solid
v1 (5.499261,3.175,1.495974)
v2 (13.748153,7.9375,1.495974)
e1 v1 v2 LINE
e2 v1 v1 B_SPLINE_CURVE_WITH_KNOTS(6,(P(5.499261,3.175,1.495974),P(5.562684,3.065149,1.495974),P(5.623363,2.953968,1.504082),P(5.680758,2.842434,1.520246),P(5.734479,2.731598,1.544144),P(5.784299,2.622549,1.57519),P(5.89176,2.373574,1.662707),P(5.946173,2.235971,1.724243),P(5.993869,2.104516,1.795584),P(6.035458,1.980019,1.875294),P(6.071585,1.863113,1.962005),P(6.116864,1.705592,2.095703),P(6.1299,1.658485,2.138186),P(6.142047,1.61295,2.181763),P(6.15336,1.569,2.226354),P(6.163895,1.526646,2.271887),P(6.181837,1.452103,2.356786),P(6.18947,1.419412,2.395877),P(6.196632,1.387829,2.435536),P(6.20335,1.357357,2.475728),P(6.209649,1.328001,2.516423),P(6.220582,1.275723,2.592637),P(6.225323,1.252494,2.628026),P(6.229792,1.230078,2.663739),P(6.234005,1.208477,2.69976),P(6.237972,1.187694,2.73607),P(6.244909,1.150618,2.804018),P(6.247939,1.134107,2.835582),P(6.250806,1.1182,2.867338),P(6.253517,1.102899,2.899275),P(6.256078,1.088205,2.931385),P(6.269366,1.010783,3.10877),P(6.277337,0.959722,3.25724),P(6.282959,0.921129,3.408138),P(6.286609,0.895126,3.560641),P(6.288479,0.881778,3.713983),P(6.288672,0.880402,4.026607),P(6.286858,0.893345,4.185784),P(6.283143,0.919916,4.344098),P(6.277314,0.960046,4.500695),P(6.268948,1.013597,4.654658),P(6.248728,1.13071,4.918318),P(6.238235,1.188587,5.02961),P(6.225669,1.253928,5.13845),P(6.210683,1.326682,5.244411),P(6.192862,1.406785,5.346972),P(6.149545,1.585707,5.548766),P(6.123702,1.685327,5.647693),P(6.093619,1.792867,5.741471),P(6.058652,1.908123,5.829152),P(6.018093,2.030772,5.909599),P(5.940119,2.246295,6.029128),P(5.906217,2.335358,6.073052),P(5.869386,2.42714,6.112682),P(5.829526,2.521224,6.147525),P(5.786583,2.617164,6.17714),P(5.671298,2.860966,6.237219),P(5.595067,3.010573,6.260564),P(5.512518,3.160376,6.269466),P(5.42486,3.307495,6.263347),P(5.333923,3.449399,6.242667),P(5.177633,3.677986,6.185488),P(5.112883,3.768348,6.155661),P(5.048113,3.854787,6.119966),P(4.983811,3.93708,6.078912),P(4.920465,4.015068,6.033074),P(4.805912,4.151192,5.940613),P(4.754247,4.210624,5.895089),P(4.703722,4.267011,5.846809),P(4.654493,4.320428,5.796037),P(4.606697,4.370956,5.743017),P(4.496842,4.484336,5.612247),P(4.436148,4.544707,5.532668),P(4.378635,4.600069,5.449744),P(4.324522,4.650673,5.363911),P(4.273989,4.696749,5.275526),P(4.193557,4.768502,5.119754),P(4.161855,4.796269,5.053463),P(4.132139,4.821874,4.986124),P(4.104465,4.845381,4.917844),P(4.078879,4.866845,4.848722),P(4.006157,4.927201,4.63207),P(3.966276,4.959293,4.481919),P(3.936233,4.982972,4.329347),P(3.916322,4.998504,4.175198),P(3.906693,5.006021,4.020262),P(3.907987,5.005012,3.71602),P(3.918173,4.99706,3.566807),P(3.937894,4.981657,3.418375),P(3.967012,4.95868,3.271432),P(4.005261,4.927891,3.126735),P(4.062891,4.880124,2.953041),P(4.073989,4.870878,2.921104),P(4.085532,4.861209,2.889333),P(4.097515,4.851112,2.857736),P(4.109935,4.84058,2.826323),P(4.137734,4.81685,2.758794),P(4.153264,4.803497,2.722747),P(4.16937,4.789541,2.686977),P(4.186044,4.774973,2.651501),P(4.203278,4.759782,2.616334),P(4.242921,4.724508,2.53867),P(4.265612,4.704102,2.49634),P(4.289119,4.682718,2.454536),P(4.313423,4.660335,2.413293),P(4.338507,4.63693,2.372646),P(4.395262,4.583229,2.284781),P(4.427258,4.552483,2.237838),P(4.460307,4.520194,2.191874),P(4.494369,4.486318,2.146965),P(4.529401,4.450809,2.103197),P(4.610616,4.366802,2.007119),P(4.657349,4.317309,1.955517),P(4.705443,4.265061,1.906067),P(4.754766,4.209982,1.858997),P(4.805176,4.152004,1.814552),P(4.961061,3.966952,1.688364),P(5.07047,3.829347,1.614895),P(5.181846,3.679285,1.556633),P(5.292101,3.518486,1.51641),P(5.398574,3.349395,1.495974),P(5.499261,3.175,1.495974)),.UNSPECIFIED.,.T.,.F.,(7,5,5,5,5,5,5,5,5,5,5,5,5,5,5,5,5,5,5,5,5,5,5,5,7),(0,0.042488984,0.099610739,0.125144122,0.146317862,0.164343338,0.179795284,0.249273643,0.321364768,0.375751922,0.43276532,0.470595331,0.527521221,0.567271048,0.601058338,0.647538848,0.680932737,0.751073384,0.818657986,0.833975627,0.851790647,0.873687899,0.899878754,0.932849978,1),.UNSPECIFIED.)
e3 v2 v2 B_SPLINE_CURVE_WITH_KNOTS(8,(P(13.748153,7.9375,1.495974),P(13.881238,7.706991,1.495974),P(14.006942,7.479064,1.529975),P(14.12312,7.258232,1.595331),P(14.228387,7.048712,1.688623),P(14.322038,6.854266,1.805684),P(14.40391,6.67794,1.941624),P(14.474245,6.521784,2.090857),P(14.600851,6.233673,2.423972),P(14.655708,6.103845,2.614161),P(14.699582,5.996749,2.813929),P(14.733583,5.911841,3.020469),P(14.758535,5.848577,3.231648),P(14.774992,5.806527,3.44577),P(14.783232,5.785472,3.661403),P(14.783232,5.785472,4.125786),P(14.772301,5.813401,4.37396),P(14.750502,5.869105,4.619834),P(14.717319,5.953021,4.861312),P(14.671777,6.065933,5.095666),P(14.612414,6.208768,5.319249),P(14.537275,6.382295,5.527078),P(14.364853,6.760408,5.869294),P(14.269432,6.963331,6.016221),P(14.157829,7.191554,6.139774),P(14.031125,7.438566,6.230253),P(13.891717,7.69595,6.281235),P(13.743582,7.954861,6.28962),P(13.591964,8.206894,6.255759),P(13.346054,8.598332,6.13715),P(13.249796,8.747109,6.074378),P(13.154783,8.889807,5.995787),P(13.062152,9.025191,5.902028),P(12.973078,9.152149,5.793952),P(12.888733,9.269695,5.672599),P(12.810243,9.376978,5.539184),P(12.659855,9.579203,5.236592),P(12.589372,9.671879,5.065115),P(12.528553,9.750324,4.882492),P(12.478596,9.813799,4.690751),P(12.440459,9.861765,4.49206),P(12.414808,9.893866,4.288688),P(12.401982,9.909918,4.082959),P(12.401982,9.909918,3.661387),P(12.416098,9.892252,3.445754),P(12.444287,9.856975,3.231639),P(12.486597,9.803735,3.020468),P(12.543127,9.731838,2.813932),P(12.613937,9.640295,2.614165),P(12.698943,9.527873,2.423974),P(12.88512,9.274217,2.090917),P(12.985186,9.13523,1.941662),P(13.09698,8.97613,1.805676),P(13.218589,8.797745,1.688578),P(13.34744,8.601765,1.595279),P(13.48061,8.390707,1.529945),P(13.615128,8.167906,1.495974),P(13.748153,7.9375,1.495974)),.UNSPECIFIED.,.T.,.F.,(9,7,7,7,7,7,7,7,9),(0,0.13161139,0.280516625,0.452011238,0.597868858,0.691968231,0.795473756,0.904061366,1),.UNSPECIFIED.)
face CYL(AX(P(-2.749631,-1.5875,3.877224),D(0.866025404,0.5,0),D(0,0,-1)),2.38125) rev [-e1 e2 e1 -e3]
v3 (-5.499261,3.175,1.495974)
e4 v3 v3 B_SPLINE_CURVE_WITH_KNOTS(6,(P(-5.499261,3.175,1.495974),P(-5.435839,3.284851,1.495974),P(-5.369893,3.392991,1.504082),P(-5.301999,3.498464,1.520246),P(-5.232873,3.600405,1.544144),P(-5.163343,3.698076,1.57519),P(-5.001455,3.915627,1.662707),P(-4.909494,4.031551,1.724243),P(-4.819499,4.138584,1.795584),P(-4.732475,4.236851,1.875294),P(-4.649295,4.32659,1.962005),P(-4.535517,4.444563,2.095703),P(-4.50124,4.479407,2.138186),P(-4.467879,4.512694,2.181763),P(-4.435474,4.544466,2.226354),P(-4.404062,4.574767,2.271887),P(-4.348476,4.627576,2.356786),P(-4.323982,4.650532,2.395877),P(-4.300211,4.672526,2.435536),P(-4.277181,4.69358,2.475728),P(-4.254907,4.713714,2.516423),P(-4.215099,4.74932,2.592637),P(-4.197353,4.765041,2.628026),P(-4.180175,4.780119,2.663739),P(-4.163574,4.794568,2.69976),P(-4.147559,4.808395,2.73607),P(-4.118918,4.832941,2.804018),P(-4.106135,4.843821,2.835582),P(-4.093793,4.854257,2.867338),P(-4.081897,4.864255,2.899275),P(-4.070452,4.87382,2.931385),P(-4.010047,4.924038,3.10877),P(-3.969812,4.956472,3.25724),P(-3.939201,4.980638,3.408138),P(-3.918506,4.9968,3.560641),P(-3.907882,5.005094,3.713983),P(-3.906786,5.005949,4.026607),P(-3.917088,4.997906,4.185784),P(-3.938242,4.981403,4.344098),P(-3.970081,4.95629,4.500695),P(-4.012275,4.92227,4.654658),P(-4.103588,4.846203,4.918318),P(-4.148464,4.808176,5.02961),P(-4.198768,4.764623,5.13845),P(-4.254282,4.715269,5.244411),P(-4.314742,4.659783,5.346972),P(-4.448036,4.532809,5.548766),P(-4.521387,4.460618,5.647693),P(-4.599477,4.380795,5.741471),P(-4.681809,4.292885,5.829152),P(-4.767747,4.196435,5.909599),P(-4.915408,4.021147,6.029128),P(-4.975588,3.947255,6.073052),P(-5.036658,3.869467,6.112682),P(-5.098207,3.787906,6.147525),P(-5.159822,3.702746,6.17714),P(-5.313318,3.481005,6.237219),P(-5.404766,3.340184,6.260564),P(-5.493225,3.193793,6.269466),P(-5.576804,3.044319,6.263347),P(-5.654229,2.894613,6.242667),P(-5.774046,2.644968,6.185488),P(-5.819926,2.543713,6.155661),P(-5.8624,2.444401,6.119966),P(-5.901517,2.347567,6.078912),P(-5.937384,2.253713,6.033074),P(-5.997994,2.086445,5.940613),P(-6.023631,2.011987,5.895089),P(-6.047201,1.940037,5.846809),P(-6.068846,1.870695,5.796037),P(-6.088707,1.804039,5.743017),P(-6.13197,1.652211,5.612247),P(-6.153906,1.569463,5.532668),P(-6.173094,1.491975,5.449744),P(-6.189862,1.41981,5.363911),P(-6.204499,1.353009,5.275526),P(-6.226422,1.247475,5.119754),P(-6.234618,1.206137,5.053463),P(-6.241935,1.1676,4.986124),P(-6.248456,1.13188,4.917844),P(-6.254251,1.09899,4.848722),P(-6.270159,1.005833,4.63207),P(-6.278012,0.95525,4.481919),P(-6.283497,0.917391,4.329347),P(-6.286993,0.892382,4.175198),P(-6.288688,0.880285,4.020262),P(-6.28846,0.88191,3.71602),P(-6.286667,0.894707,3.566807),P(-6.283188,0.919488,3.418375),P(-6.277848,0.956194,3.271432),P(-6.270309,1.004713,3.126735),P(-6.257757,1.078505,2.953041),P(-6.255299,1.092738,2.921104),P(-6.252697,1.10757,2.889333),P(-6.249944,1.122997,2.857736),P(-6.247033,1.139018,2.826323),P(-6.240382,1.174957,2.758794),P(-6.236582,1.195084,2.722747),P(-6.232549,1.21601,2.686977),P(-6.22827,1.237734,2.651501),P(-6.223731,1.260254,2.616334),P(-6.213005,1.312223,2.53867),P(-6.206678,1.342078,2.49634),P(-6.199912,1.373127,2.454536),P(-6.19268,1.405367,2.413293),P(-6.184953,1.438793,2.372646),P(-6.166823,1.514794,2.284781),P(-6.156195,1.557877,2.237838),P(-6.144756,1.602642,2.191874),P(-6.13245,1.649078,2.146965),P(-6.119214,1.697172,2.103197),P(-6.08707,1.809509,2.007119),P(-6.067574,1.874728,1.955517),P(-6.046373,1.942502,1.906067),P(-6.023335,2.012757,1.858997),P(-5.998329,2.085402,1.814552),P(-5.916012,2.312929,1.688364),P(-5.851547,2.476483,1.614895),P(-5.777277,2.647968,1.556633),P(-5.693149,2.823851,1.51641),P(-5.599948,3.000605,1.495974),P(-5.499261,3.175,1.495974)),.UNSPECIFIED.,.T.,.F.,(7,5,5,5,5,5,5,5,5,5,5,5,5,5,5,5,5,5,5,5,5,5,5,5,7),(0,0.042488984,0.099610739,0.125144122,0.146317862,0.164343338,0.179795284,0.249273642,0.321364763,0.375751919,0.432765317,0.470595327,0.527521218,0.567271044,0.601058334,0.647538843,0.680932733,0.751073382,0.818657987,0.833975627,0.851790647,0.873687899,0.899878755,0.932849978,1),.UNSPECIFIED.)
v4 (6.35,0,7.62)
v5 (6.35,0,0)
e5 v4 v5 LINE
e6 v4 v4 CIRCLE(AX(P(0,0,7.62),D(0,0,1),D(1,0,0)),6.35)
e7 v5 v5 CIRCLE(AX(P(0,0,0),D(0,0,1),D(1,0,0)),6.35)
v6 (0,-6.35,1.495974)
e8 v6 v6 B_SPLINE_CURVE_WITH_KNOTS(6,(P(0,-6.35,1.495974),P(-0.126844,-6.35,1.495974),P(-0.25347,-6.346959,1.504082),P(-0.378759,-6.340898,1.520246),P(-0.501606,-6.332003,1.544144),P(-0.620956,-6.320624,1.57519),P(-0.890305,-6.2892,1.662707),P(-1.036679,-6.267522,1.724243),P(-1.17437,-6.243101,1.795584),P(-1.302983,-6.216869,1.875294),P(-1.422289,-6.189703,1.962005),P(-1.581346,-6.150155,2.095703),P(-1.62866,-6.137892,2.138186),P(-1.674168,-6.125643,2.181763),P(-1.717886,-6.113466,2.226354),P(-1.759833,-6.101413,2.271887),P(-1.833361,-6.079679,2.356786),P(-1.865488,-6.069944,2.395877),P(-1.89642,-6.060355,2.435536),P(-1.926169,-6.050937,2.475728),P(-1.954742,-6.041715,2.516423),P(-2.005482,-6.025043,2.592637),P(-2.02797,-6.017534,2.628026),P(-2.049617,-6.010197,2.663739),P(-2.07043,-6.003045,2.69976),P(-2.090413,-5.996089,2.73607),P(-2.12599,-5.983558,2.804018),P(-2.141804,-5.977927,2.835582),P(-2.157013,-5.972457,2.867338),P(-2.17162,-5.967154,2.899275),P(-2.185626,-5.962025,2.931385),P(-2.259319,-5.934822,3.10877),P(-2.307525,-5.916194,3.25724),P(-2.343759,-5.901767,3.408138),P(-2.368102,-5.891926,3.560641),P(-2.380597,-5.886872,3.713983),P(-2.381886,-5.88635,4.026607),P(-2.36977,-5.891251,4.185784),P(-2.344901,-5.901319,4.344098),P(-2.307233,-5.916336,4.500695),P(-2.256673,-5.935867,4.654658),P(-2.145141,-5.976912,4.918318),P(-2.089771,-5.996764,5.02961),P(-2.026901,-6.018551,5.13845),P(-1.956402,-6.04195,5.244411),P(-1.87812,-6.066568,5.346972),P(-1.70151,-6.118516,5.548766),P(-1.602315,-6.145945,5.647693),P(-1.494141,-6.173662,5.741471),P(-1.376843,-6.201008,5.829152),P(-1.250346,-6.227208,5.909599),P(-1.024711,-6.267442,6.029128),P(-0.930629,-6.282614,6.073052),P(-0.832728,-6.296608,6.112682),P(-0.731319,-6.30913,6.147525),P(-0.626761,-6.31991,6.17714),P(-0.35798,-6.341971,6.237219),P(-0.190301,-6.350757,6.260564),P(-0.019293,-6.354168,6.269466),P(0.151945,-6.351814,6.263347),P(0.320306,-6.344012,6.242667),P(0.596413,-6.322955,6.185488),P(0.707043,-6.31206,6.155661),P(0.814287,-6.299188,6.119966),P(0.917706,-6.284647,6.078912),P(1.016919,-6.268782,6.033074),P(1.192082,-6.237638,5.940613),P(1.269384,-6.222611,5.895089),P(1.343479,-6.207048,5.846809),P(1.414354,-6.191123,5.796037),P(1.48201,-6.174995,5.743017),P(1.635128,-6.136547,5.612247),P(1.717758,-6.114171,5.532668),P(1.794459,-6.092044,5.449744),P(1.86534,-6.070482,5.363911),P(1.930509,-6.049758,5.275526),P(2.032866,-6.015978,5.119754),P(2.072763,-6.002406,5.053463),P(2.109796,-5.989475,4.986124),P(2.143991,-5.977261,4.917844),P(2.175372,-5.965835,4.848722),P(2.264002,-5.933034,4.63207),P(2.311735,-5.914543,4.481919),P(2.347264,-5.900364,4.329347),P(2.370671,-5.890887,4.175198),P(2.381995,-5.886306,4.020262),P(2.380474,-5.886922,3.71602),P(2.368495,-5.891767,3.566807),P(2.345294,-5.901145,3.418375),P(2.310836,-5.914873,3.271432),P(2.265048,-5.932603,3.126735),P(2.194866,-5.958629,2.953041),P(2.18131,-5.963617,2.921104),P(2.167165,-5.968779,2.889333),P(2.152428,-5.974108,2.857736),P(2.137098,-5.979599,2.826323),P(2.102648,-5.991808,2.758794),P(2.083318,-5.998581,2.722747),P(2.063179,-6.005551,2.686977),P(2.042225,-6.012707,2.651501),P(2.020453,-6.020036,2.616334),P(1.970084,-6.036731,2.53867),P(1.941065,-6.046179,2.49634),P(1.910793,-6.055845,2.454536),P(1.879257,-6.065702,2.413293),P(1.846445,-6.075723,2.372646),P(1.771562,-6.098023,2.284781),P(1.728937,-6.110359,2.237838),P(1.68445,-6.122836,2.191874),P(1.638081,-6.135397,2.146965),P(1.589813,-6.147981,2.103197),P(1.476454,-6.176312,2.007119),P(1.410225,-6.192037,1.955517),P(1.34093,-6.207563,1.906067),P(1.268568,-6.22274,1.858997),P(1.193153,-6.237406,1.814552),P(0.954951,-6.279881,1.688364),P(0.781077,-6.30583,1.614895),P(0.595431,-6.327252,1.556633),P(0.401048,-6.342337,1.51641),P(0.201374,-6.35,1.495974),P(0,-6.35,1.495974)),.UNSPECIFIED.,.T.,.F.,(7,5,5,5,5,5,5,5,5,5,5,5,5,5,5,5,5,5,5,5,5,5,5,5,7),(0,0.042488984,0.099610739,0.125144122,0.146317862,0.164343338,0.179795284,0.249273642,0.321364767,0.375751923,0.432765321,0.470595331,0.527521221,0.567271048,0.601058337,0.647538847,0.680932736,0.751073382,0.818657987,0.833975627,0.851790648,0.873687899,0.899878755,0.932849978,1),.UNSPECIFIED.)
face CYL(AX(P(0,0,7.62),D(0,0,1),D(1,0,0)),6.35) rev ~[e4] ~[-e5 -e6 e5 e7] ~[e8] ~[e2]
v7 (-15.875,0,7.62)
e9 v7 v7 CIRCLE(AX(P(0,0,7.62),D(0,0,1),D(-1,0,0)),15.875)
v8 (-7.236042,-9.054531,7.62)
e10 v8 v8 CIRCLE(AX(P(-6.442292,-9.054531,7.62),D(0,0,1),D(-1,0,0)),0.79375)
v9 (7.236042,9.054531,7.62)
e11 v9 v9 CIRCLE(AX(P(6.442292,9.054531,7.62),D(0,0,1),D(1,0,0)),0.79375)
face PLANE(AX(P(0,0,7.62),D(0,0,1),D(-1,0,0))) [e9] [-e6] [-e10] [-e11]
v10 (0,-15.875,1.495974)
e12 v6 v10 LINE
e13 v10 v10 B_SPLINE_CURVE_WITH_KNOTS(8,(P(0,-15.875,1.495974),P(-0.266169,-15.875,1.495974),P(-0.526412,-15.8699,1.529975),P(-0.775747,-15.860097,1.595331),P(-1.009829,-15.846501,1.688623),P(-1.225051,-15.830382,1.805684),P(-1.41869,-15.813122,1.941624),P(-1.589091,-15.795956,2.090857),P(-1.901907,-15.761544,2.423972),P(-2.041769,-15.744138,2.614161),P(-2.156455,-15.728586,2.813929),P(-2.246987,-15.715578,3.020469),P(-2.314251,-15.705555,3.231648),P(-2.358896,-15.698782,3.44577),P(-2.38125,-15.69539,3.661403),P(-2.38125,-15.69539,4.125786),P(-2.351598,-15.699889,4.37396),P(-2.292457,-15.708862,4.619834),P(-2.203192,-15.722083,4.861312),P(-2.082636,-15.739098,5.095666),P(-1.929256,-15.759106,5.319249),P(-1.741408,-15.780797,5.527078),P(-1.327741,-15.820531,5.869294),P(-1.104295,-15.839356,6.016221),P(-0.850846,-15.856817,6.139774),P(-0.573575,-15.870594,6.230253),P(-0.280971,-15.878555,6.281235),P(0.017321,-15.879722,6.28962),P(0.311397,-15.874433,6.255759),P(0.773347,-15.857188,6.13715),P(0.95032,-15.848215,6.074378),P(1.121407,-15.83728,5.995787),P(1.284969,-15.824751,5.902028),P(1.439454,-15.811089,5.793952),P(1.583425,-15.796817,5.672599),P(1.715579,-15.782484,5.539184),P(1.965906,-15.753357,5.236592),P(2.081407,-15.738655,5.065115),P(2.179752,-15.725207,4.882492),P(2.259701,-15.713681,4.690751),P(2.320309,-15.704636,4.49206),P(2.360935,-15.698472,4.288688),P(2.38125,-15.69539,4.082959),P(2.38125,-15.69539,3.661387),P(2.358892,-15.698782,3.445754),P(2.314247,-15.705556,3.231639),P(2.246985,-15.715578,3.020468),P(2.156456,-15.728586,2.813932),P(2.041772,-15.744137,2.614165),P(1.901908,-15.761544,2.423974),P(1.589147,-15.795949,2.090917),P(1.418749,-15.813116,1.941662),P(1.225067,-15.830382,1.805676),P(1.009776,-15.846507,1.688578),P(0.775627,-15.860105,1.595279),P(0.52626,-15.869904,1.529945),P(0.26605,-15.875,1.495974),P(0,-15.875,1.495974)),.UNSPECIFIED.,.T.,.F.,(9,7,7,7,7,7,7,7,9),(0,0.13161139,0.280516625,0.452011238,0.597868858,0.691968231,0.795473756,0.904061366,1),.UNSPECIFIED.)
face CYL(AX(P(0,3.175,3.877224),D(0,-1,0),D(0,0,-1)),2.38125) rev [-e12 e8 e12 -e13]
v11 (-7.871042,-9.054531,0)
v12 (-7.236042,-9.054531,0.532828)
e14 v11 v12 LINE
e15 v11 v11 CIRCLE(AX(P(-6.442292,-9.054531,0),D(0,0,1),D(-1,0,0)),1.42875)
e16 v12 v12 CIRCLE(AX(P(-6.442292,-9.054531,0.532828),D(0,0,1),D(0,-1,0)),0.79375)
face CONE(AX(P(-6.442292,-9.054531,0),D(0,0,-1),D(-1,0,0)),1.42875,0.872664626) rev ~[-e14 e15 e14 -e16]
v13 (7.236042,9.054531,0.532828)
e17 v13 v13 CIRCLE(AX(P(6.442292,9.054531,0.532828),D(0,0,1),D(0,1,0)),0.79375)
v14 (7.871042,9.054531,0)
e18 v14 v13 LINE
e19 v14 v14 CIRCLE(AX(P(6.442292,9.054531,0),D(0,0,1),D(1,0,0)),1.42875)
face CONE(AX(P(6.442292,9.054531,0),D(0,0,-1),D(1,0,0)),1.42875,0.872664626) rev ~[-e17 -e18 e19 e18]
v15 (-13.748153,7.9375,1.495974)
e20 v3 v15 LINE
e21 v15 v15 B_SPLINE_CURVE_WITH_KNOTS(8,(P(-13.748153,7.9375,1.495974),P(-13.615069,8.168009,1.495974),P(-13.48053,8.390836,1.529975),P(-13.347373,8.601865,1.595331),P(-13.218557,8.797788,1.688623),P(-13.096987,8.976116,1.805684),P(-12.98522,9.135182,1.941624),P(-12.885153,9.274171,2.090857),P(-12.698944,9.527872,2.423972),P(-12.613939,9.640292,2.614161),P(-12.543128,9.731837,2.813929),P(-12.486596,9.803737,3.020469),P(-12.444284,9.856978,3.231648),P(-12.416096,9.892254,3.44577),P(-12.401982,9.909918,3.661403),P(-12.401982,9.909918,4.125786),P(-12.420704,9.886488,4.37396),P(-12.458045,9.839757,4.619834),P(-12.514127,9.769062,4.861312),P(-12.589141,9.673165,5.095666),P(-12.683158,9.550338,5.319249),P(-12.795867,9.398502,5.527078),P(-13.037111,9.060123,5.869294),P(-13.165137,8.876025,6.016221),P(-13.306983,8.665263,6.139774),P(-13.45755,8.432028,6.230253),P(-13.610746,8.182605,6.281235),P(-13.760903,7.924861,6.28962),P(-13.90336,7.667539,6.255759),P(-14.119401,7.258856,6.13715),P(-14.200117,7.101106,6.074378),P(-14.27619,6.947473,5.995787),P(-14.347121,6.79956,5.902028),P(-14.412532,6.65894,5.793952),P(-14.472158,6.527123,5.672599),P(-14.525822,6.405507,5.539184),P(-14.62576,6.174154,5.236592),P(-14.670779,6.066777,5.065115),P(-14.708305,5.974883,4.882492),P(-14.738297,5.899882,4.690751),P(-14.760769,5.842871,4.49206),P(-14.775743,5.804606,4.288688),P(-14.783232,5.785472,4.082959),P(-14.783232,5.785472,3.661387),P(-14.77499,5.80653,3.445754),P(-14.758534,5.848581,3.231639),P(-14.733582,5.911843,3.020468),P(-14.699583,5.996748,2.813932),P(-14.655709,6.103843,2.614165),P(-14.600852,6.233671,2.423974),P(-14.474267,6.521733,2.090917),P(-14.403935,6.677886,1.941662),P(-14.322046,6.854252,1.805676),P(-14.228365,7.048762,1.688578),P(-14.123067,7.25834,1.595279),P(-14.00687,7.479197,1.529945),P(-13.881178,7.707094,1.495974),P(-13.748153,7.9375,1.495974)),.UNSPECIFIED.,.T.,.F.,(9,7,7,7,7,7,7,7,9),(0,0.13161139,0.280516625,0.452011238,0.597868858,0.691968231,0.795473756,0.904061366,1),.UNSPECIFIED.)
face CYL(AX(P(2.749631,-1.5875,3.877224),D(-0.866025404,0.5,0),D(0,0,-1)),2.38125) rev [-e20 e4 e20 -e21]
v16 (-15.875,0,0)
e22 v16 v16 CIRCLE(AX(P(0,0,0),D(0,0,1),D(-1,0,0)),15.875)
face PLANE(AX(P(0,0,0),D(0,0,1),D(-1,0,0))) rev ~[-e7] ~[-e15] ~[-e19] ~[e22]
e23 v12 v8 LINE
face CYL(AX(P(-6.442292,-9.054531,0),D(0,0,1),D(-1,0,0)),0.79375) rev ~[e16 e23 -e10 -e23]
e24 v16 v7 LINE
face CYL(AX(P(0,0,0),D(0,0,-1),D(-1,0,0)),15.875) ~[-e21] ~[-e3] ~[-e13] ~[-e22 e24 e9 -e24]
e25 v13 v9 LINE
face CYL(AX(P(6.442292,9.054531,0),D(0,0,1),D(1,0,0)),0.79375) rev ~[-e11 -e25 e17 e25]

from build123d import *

# Parameters (mm, degrees)
SKETCH1_R                                = 15.875
BOSS_EXTRUDE1_DEPTH                      = 7.62
SKETCH2_R                                = 6.35
CUT_EXTRUDE1_DEPTH                       = 24.708556472
CIRPATTERN1_COUNT                        = 3
F_1_16_0_0625_DIAMETER_HOLE1_D           = 1.5875
F_1_16_0_0625_DIAMETER_HOLE1_CSINK_D     = 2.8575
F_1_16_0_0625_DIAMETER_HOLE1_CSINK_ANGLE = 100
CIRPATTERN2_COUNT                        = 2


with BuildPart() as part:
    # Sketch1 → Boss-Extrude1 (new body)
    with BuildSketch(Plane.XY):
        with Locations(Location((0, 0, 0), (0, 0, 180))):
            Circle(SKETCH1_R)
    extrude(amount=BOSS_EXTRUDE1_DEPTH)

    # Sketch2 → Cut-Extrude1 (cut, through all)
    with BuildSketch(Plane.XY.offset(7.62)):
        Circle(SKETCH2_R)
    extrude(amount=-CUT_EXTRUDE1_DEPTH, mode=Mode.SUBTRACT)

    # Sketch36 → 3/16 (0.1875) Diameter Hole1 (revolve, cut)
    with BuildSketch(Plane(origin=(0, -15.875, 3.877224023), x_dir=(0, 0, -1), z_dir=(1, 0, 0))):
        Polygon((0, 0), (0, 20.480799349), (2.38125, 19.05), (2.38125, 0), align=None)
    f_3_16_0_1875_diameter_hole1 = revolve(axis=Axis((0, -22.225, 3.877224023), (0, 1, 0)), mode=Mode.SUBTRACT)

    # CirPattern1: 3/16 (0.1875) Diameter Hole1 ×3 about axis
    cirpattern1_axis = Axis((0, 0, 7.62), (0, 0, -1))
    for i in range(1, CIRPATTERN1_COUNT):
        add(f_3_16_0_1875_diameter_hole1.rotate(cirpattern1_axis, i * 360 / CIRPATTERN1_COUNT), mode=Mode.SUBTRACT)

    # 1/16 (0.0625) Diameter Hole1 (through all)
    with Locations(Plane(origin=(0, 0, 0), x_dir=(-1, 0, 0), z_dir=(0, 0, -1))):
        with Locations((-6.442291542, 9.054531238)):
            f_1_16_0_0625_diameter_hole1 = CounterSinkHole(F_1_16_0_0625_DIAMETER_HOLE1_D / 2, F_1_16_0_0625_DIAMETER_HOLE1_CSINK_D / 2, counter_sink_angle=F_1_16_0_0625_DIAMETER_HOLE1_CSINK_ANGLE)

    # CirPattern2: 1/16 (0.0625) Diameter Hole1 ×2 about axis
    cirpattern2_axis = Axis((0, 0, 0), (0, 0, 1))
    for i in range(1, CIRPATTERN2_COUNT):
        add(f_1_16_0_0625_diameter_hole1.rotate(cirpattern2_axis, i * 360 / CIRPATTERN2_COUNT), mode=Mode.SUBTRACT)


solid = part.part
